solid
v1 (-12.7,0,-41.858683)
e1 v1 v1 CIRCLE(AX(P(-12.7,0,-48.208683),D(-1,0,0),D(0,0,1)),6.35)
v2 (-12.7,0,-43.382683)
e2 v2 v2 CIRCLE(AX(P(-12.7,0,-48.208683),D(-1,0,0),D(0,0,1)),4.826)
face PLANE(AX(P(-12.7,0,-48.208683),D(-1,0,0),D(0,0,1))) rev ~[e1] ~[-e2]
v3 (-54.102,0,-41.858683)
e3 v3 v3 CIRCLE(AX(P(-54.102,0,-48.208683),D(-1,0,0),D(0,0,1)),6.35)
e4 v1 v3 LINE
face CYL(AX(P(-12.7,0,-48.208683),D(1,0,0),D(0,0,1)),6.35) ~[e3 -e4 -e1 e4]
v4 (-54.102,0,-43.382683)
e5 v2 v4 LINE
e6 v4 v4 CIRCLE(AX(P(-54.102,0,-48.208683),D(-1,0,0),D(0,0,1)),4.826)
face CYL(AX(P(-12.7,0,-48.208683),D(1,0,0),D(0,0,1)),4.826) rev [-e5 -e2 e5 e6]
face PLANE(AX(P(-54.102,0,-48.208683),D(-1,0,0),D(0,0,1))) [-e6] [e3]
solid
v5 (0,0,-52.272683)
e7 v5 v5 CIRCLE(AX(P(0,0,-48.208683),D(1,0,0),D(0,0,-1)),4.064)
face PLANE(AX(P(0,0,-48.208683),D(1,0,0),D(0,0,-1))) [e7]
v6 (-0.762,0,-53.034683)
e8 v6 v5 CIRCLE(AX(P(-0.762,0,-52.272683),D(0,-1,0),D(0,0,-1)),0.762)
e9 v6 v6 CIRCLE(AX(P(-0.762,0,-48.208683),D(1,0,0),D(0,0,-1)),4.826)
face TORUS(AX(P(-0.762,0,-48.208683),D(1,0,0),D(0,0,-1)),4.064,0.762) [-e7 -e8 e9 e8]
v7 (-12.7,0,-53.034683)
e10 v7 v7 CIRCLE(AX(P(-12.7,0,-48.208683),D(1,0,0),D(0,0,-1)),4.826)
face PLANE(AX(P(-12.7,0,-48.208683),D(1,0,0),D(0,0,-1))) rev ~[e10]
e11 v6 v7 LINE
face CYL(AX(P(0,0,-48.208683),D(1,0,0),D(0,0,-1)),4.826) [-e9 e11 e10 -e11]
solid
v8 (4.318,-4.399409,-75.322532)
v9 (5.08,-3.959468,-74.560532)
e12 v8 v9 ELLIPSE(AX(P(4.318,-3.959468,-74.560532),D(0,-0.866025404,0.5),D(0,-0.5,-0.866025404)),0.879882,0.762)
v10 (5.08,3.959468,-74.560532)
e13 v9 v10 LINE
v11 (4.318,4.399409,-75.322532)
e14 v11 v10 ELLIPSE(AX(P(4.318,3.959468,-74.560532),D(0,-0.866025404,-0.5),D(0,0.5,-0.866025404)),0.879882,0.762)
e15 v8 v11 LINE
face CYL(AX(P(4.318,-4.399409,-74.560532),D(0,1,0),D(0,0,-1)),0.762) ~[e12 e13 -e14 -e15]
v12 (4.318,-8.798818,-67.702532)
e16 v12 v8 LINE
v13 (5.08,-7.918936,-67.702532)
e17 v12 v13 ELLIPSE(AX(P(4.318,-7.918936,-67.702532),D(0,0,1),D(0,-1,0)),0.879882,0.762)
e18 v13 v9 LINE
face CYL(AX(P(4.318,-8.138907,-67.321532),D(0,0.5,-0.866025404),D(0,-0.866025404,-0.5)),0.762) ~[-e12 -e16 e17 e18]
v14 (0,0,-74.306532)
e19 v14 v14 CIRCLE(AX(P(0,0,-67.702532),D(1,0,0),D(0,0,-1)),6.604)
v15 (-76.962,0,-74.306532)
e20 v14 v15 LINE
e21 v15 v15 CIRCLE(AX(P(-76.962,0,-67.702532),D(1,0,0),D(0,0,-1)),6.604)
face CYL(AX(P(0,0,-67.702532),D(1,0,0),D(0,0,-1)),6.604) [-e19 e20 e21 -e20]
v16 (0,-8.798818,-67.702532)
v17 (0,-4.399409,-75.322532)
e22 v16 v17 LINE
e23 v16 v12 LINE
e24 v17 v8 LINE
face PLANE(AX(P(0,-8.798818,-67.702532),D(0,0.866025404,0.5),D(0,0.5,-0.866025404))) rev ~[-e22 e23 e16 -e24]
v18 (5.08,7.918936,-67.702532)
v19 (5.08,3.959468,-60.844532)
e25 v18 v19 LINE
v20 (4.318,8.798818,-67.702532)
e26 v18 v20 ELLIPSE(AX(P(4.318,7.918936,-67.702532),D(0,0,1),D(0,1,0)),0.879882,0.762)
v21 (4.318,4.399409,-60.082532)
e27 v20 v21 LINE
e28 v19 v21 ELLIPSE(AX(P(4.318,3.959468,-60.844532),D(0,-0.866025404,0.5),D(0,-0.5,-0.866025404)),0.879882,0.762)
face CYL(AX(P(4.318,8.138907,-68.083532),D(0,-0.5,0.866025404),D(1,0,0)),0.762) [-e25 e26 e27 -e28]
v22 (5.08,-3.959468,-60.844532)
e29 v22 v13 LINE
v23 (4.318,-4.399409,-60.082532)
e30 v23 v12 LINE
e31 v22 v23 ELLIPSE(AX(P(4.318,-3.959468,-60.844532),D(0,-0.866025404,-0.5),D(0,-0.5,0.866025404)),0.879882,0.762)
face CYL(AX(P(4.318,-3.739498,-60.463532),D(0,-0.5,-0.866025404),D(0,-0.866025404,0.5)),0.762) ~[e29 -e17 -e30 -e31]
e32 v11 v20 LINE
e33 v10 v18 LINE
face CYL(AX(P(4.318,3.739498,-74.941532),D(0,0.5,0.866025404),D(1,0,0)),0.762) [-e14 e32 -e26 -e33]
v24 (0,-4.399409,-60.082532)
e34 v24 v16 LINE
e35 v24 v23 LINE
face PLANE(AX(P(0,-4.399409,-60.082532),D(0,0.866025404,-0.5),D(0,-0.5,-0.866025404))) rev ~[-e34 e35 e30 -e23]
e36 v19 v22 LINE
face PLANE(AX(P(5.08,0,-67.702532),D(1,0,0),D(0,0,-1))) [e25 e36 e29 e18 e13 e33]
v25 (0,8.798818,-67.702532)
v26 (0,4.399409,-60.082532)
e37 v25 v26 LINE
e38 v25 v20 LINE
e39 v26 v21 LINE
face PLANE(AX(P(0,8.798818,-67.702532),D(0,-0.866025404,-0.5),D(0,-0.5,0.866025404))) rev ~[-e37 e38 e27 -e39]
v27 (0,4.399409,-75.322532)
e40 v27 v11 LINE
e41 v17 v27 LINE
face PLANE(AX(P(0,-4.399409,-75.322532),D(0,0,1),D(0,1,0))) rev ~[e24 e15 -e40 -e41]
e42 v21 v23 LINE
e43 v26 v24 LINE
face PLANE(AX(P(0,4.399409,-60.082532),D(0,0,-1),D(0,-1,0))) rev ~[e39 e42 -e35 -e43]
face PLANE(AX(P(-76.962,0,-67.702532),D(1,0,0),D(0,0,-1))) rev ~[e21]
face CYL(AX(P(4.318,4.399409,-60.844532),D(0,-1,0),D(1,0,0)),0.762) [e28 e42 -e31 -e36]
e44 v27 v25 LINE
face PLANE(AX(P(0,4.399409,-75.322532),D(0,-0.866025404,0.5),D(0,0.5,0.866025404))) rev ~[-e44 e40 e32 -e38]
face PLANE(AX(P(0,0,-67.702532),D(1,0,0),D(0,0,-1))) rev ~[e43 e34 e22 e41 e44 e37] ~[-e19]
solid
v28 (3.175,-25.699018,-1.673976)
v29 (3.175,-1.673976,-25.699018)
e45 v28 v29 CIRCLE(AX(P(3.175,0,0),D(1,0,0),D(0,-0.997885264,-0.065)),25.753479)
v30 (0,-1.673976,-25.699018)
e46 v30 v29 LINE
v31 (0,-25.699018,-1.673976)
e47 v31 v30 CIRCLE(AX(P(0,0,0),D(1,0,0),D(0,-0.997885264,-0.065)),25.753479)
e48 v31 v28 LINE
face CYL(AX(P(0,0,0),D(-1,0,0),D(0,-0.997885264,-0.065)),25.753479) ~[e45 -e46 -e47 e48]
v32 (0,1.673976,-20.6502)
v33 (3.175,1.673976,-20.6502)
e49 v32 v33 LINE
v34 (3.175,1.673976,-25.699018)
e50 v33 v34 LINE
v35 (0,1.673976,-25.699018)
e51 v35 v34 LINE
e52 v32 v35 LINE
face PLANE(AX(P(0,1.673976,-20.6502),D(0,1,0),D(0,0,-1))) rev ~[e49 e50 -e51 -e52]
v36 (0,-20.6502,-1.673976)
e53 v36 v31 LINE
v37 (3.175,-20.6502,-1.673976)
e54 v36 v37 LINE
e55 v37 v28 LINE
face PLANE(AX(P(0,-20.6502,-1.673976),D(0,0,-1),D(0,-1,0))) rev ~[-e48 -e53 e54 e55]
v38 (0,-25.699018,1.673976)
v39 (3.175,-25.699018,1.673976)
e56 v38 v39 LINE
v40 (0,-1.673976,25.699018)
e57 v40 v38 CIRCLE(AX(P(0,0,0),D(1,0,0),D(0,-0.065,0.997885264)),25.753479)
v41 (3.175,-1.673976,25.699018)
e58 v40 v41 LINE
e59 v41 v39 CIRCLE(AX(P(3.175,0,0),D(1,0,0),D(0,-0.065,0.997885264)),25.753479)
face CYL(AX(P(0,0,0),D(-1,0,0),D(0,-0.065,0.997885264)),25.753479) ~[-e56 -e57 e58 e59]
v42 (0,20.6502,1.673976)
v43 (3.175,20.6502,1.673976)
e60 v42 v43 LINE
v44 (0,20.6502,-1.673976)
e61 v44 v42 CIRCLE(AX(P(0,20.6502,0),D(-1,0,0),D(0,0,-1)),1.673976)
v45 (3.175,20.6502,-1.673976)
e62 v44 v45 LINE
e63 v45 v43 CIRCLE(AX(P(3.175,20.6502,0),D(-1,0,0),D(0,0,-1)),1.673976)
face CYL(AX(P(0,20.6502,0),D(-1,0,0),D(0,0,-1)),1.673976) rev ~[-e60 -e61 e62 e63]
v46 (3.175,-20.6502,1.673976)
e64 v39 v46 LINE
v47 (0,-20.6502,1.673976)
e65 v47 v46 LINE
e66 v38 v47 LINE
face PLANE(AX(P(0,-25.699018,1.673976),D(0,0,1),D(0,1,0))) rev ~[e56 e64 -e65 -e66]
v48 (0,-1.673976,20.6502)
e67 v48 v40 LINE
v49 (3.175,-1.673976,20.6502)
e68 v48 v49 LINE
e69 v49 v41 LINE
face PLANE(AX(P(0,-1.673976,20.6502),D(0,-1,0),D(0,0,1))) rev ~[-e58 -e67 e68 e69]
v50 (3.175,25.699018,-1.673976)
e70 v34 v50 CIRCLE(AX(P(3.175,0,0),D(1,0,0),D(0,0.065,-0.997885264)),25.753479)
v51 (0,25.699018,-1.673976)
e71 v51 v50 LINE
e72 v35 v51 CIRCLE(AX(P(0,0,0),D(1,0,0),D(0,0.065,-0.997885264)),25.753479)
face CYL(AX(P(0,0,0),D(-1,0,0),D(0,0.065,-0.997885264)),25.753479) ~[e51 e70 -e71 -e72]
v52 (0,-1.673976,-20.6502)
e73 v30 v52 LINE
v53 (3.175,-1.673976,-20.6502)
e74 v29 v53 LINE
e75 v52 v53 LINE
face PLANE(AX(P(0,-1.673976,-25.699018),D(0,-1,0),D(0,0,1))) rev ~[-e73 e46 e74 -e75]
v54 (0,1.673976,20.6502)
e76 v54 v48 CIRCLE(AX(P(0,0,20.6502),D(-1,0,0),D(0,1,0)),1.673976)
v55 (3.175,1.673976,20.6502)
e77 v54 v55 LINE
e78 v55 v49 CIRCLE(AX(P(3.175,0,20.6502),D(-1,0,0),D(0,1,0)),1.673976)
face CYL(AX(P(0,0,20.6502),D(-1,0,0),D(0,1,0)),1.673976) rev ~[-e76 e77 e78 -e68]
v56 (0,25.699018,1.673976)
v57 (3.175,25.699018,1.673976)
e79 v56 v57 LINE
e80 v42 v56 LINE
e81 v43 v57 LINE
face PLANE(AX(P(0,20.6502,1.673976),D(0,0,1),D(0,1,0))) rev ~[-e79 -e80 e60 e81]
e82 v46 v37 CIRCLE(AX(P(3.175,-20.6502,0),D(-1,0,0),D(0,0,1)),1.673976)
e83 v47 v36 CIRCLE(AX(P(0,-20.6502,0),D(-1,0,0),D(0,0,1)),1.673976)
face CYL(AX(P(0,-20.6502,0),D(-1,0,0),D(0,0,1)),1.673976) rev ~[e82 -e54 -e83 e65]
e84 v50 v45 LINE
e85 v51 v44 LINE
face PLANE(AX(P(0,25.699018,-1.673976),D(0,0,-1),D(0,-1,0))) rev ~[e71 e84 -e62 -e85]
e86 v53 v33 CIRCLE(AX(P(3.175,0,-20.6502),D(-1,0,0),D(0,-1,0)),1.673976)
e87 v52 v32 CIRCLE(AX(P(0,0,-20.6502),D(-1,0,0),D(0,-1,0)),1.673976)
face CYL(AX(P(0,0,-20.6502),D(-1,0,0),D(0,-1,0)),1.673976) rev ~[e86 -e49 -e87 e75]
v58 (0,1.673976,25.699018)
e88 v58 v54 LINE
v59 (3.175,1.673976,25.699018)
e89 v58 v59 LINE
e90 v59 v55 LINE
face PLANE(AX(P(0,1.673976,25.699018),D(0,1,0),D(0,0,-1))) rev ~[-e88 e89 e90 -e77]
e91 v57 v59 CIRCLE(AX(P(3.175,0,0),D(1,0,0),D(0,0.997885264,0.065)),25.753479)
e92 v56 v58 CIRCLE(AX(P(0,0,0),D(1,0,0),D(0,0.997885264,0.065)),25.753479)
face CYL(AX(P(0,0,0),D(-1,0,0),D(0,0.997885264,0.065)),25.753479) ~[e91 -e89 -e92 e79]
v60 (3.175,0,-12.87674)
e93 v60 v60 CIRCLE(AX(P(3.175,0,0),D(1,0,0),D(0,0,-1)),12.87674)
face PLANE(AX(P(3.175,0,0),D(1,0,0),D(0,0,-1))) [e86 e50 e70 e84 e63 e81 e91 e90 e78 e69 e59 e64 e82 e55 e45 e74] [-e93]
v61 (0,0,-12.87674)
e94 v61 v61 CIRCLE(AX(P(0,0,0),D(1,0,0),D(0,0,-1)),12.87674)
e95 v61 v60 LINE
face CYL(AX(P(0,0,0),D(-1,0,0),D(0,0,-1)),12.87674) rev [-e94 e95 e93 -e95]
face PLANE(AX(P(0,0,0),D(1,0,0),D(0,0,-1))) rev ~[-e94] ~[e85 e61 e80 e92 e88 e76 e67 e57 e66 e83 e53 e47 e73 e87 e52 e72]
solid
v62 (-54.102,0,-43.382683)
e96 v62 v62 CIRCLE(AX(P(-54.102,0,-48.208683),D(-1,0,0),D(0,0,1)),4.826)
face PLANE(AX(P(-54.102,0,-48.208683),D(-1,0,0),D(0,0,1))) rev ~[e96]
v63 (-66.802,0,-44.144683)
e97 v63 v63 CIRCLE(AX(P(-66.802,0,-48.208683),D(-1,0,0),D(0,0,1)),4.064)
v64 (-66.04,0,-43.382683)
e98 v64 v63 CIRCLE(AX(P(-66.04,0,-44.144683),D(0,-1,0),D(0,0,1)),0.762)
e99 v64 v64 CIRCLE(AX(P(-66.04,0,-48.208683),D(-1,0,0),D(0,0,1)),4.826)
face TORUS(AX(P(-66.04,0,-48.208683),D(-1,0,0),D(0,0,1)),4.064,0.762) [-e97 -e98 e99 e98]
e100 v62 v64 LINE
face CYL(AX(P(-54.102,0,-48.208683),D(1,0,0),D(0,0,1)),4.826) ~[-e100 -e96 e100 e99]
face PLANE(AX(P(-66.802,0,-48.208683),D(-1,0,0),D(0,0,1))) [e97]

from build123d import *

# Parameters (mm, degrees)
SKETCH2_R           = 12.876739694
BOSS_EXTRUDE1_DEPTH = 3.175
SKETCH3_R           = 4.826
BOSS_EXTRUDE2_DEPTH = 12.7
SKETCH4_R           = 6.35
SKETCH4_R_2         = 4.826
BOSS_EXTRUDE3_DEPTH = 41.402
SKETCH5_R           = 4.826
BOSS_EXTRUDE4_DEPTH = 12.7
SKETCH7_R           = 6.604
BOSS_EXTRUDE5_DEPTH = 76.962
BOSS_EXTRUDE6_DEPTH = 5.08
FILLET1_R           = 0.762
FILLET2_R           = 0.762
FILLET3_R           = 0.762


with BuildPart() as part:
    # Sketch2 → Boss-Extrude1 (new body)
    with BuildSketch(Plane(origin=(0, 0, 0), x_dir=(0, 0, -1), z_dir=(1, 0, 0))):
        with BuildLine():
            Line((20.6502, 1.67397616), (25.699017577, 1.67397616))
            ThreePointArc((25.699017577, 1.67397616), (18.210459914, 18.210459914), (1.67397616, 25.699017577))
            Line((1.67397616, 25.699017577), (1.67397616, 20.6502))
            ThreePointArc((1.67397616, 20.6502), (0, 18.97622384), (-1.67397616, 20.6502))
            Line((-1.67397616, 20.6502), (-1.67397616, 25.699017577))
            ThreePointArc((-1.67397616, 25.699017577), (-18.210459914, 18.210459914), (-25.699017577, 1.67397616))
            Line((-25.699017577, 1.67397616), (-20.6502, 1.67397616))
            ThreePointArc((-20.6502, 1.67397616), (-18.97622384, 0), (-20.6502, -1.67397616))
            Line((-20.6502, -1.67397616), (-25.699017577, -1.67397616))
            ThreePointArc((-25.699017577, -1.67397616), (-18.210459914, -18.210459914), (-1.67397616, -25.699017577))
            Line((-1.67397616, -25.699017577), (-1.67397616, -20.6502))
            ThreePointArc((-1.67397616, -20.6502), (0, -18.97622384), (1.67397616, -20.6502))
            Line((1.67397616, -20.6502), (1.67397616, -25.699017577))
            ThreePointArc((1.67397616, -25.699017577), (18.210459914, -18.210459914), (25.699017577, -1.67397616))
            Line((25.699017577, -1.67397616), (20.6502, -1.67397616))
            ThreePointArc((20.6502, -1.67397616), (18.97622384, 0), (20.6502, 1.67397616))
        make_face()
        Circle(SKETCH2_R, mode=Mode.SUBTRACT)
    extrude(amount=BOSS_EXTRUDE1_DEPTH)


with BuildPart() as body_2:
    # Sketch3 → Boss-Extrude2 (new body)
    with BuildSketch(Plane(origin=(0, 0, 0), x_dir=(0, 0, -1), z_dir=(1, 0, 0))):
        with Locations((48.208683161, 0)):
            Circle(SKETCH3_R)
    extrude(amount=-BOSS_EXTRUDE2_DEPTH)

    # Fillet1
    fillet1_edges = [body_2.edges().sort_by_distance(p)[0] for p in [
        (0, 0, -43.382683161),
    ]]
    fillet(fillet1_edges, radius=FILLET1_R)


with BuildPart() as body_3:
    # Sketch4 → Boss-Extrude3 (new body)
    with BuildSketch(Plane.ZY.offset(12.7)):
        with Locations((-48.208683161, 0)):
            Circle(SKETCH4_R)
        with Locations((-48.208683161, 0)):
            Circle(SKETCH4_R_2, mode=Mode.SUBTRACT)
    extrude(amount=BOSS_EXTRUDE3_DEPTH)


with BuildPart() as body_4:
    # Sketch5 → Boss-Extrude4 (new body)
    with BuildSketch(Plane.ZY.offset(54.102)):
        with Locations((-48.208683161, 0)):
            Circle(SKETCH5_R)
    extrude(amount=BOSS_EXTRUDE4_DEPTH)

    # Fillet2
    fillet2_edges = [body_4.edges().sort_by_distance(p)[0] for p in [
        (-66.802, 0, -53.034683161),
    ]]
    fillet(fillet2_edges, radius=FILLET2_R)


with BuildPart() as body_5:
    # Sketch7 → Boss-Extrude5 (new body)
    with BuildSketch(Plane(origin=(0, 0, 0), x_dir=(0, 0, -1), z_dir=(1, 0, 0))):
        with Locations((67.702532017, 0)):
            Circle(SKETCH7_R)
    extrude(amount=-BOSS_EXTRUDE5_DEPTH)

    # Sketch8 → Boss-Extrude6 (add)
    with BuildSketch(Plane(origin=(0, 0, 0), x_dir=(0, 0, -1), z_dir=(1, 0, 0))):
        Polygon((67.702532017, -8.798818102), (75.322532017, -4.399409051), (75.322532017, 4.399409051), (67.702532017, 8.798818102), (60.082532017, 4.399409051), (60.082532017, -4.399409051), align=None)
    extrude(amount=BOSS_EXTRUDE6_DEPTH)

    # Fillet3
    fillet3_edges = [body_5.edges().sort_by_distance(p)[0] for p in [
        (5.08, 0, -60.082532017),
        (5.08, -6.599113577, -63.892532017),
        (5.08, -6.599113577, -71.512532017),
        (5.08, 0, -75.322532017),
        (5.08, 6.599113577, -71.512532017),
        (5.08, 6.599113577, -63.892532017),
    ]]
    fillet(fillet3_edges, radius=FILLET3_R)


solid = Compound([part.part, body_2.part, body_3.part, body_4.part, body_5.part])
